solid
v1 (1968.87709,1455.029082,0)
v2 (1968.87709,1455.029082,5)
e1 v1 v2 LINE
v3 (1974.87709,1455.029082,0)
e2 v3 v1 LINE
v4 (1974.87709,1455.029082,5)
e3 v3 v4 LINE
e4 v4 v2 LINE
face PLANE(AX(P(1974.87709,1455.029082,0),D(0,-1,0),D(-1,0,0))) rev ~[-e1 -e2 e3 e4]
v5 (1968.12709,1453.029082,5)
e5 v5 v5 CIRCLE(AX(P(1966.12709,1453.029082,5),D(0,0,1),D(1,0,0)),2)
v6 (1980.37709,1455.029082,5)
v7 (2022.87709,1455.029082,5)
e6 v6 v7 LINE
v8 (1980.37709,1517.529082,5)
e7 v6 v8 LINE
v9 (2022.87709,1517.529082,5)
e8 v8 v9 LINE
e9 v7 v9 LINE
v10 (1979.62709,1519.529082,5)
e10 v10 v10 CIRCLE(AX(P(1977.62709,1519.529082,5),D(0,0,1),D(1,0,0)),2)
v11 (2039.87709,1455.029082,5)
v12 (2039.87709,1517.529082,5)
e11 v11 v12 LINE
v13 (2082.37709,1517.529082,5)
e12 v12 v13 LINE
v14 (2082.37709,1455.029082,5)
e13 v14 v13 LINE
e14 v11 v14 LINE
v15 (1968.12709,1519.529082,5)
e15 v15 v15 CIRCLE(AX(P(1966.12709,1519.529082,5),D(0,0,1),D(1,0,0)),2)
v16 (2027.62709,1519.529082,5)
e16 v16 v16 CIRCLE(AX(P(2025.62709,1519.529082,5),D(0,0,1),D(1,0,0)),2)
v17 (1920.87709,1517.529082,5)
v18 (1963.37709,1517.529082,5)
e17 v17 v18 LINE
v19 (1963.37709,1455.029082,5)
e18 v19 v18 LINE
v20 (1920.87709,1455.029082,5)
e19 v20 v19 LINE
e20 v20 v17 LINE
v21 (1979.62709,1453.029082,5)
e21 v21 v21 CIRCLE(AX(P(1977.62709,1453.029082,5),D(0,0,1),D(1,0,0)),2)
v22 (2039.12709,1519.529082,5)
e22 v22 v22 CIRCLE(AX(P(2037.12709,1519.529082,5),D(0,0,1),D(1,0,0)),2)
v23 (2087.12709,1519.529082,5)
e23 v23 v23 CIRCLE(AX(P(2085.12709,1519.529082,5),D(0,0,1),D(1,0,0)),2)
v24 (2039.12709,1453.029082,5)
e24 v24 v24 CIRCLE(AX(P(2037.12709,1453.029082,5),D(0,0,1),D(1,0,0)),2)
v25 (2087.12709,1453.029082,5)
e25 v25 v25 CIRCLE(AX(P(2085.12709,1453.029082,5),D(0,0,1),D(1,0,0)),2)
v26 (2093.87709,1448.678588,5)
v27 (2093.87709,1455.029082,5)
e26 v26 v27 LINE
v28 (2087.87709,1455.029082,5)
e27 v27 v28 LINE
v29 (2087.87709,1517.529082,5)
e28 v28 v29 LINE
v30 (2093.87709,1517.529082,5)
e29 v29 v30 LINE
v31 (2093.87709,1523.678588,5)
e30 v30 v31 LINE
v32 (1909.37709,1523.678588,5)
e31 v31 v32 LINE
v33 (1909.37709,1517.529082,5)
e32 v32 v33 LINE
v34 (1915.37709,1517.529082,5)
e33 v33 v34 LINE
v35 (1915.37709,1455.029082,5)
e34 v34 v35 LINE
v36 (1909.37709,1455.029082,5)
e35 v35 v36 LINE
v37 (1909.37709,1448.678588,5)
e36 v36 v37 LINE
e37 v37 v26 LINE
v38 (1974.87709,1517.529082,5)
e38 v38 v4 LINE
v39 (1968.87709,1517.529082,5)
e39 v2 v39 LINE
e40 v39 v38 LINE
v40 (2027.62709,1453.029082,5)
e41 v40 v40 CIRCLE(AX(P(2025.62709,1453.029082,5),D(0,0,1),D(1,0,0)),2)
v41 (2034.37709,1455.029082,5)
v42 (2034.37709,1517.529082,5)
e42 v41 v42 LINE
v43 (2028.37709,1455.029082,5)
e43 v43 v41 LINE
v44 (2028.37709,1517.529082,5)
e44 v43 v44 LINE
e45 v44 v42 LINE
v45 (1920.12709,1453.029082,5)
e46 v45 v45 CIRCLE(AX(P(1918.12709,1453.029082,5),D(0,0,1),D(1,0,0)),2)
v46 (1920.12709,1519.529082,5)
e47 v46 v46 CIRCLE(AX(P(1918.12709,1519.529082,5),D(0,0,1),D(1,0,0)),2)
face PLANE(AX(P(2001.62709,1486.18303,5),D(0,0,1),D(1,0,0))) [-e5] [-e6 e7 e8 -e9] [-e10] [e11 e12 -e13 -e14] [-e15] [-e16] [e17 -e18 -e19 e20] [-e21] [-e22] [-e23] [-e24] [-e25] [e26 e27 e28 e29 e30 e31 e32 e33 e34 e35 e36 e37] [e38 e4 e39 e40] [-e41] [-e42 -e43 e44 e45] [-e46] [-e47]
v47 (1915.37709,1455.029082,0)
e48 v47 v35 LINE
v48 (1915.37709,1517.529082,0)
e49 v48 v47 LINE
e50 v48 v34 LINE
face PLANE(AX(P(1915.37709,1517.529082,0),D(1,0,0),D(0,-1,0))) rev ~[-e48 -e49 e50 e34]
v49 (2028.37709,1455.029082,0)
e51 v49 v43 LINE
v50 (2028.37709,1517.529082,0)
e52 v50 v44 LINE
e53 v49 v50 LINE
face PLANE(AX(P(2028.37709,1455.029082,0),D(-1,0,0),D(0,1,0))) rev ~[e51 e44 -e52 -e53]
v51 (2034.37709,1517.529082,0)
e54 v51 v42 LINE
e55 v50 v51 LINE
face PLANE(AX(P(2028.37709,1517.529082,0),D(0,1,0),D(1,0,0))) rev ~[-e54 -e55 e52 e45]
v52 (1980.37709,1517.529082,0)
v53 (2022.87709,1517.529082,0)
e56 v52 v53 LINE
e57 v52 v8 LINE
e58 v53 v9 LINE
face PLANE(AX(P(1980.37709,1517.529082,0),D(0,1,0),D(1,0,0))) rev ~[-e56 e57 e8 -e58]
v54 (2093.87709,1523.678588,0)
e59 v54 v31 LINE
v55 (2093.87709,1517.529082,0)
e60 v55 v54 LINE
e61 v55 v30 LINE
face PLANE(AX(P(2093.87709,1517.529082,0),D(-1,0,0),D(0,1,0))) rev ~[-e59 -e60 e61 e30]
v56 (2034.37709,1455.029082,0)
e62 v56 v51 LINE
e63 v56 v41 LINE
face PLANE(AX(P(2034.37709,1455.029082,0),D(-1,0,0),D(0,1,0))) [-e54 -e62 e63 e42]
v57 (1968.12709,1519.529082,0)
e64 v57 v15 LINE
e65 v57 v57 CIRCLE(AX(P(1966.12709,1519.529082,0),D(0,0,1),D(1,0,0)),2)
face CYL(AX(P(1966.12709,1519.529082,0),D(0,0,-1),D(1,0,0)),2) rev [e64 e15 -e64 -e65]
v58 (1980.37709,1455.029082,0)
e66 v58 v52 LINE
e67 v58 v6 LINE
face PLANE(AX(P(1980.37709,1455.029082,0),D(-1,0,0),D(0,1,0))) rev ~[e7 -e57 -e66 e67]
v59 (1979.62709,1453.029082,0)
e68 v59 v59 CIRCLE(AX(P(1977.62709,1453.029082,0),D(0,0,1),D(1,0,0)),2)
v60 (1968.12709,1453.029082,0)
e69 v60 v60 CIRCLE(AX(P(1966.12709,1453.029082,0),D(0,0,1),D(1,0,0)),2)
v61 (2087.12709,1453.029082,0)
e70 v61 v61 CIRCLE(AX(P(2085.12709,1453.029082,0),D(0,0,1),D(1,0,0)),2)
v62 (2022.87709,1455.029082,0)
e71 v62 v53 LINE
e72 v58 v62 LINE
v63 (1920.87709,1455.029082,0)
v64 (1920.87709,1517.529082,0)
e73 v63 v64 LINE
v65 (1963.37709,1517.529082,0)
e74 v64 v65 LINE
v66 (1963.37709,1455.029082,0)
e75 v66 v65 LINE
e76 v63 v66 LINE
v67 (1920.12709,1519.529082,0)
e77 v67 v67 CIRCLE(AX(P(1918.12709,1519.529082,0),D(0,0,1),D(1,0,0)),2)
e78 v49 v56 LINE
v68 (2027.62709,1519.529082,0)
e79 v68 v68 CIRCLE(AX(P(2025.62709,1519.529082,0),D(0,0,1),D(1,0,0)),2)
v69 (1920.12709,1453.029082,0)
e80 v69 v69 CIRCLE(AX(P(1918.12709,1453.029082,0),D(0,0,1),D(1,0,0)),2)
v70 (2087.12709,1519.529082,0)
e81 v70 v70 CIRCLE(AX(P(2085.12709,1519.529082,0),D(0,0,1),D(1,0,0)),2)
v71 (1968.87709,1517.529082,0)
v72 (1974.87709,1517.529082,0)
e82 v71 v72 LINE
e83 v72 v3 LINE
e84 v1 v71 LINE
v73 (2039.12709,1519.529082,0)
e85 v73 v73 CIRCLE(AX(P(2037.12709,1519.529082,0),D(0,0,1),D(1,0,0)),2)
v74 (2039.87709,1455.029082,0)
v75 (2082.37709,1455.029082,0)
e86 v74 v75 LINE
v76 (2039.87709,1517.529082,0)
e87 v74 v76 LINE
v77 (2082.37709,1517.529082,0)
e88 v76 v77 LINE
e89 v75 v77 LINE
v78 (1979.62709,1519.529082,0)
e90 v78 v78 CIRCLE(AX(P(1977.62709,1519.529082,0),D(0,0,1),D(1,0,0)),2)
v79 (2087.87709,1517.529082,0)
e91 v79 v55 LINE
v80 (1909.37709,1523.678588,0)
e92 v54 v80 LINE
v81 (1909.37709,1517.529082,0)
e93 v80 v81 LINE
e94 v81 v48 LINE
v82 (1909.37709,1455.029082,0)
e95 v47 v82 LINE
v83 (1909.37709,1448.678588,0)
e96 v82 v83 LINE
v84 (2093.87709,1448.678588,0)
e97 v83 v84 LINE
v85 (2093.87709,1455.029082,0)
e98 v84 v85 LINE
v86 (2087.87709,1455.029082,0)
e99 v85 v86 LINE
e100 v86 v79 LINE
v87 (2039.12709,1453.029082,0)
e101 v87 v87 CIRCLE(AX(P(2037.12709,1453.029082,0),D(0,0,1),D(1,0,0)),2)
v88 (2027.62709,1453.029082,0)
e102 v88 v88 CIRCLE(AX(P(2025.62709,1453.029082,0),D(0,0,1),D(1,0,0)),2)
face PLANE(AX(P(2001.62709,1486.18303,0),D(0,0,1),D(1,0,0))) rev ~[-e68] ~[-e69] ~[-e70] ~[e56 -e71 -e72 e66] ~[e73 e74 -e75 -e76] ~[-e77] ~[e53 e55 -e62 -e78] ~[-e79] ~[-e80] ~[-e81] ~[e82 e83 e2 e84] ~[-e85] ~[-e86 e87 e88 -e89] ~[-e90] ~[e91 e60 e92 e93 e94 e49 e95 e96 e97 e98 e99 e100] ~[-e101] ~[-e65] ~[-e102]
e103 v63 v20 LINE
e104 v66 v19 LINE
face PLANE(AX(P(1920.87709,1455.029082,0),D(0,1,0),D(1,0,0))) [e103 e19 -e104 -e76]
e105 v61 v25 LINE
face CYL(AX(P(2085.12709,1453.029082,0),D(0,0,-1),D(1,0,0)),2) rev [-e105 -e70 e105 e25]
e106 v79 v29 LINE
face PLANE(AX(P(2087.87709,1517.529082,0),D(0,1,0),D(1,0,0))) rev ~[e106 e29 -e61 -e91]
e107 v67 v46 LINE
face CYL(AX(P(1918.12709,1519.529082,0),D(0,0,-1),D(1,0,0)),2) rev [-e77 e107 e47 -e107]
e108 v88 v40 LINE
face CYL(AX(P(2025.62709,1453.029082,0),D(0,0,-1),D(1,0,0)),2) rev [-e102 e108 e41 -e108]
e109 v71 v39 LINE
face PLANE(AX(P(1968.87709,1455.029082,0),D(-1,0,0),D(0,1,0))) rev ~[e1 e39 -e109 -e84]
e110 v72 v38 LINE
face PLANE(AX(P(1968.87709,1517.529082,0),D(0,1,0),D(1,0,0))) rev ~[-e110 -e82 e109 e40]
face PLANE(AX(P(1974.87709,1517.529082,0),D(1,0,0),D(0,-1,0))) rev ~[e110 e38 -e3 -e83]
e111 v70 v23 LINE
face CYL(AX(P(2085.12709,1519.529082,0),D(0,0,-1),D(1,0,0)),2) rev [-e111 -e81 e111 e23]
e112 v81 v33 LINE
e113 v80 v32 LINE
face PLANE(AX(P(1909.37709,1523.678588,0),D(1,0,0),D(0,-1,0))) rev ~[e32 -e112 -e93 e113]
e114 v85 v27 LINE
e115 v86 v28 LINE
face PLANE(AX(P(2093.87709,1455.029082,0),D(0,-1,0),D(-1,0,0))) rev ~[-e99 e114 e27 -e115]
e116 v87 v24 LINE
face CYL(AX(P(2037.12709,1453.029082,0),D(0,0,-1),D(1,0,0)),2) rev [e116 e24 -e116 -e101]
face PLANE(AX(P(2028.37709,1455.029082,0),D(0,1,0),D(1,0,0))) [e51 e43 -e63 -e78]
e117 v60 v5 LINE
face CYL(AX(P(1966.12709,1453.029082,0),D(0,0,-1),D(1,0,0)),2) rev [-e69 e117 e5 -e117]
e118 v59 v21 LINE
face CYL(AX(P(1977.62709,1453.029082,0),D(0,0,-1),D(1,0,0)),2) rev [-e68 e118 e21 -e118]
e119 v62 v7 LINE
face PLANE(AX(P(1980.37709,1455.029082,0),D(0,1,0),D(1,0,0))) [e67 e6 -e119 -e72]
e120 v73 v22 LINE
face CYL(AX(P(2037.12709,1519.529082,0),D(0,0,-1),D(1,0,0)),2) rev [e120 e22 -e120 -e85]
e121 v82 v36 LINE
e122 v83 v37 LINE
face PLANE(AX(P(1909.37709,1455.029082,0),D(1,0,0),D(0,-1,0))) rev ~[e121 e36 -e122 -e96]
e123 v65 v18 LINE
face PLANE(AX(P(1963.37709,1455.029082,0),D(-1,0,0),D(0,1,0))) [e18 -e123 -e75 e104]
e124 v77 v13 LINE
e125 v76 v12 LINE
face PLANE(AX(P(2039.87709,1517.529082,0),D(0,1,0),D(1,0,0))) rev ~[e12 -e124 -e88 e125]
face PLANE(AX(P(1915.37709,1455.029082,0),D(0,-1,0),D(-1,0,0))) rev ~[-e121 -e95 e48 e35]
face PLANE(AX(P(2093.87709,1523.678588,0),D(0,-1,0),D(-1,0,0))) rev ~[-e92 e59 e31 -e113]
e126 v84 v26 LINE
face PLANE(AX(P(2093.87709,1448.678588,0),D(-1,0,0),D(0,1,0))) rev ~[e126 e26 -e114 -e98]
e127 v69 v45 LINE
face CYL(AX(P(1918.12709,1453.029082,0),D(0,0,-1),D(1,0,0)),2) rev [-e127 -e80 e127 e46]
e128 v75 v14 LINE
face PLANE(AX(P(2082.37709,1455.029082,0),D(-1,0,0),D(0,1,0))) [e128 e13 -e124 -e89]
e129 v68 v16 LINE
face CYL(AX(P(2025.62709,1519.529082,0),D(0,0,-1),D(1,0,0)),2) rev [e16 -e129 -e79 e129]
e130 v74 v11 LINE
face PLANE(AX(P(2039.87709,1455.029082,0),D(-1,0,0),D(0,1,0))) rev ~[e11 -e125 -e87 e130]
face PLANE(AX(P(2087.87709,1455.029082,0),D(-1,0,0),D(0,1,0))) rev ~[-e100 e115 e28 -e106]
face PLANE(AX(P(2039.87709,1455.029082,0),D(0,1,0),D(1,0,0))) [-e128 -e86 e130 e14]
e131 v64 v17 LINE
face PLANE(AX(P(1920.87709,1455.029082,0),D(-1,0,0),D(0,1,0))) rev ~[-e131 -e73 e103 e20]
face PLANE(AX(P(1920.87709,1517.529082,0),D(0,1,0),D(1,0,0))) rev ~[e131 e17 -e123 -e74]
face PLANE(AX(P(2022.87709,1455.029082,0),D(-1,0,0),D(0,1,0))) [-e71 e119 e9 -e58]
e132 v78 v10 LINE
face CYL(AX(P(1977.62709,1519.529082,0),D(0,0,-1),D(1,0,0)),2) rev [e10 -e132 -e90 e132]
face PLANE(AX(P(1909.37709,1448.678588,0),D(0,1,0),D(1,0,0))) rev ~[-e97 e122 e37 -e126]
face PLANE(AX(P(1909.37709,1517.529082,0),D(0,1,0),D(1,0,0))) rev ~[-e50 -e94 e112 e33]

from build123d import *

# Parameters (mm, degrees)
SKETCH_1_R      = 2
SKETCH_1_W      = 42.5
SKETCH_1_H      = 62.5
SKETCH_1_W_2    = 6
EXTRUDE_1_DEPTH = 5


with BuildPart() as part:
    # 草图1 → 凸台-拉伸1 (new body)
    with BuildSketch(Plane.XY):
        Polygon((1909.377089995, 1448.678588443), (2093.877089995, 1448.678588443), (2093.877089995, 1455.029082267), (2087.877089995, 1455.029082267), (2087.877089995, 1517.529082267), (2093.877089995, 1517.529082267), (2093.877089995, 1523.678588443), (1909.377089995, 1523.678588443), (1909.377089995, 1517.529082267), (1915.377089995, 1517.529082267), (1915.377089995, 1455.029082267), (1909.377089995, 1455.029082267), align=None)
        with Locations((1918.127089995, 1453.029082267)):
            Circle(SKETCH_1_R, mode=Mode.SUBTRACT)
        with Locations((1966.127089995, 1453.029082267)):
            Circle(SKETCH_1_R, mode=Mode.SUBTRACT)
        with Locations((1977.627089995, 1453.029082267)):
            Circle(SKETCH_1_R, mode=Mode.SUBTRACT)
        with Locations((2025.627089995, 1453.029082267)):
            Circle(SKETCH_1_R, mode=Mode.SUBTRACT)
        with Locations((2037.127089995, 1453.029082267)):
            Circle(SKETCH_1_R, mode=Mode.SUBTRACT)
        with Locations((2085.127089995, 1453.029082267)):
            Circle(SKETCH_1_R, mode=Mode.SUBTRACT)
        with Locations((1942.127089995, 1486.279082267)):
            Rectangle(SKETCH_1_W, SKETCH_1_H, mode=Mode.SUBTRACT)
        Polygon((1968.877089995, 1455.029082267), (1968.877089995, 1486.279082267), (1968.877089995, 1517.529082267), (1974.877089995, 1517.529082267), (1974.877089995, 1455.029082267), align=None, mode=Mode.SUBTRACT)
        with Locations((1918.127089995, 1519.529082267)):
            Circle(SKETCH_1_R, mode=Mode.SUBTRACT)
        with Locations((1966.127089995, 1519.529082267)):
            Circle(SKETCH_1_R, mode=Mode.SUBTRACT)
        with Locations((1977.627089995, 1519.529082267)):
            Circle(SKETCH_1_R, mode=Mode.SUBTRACT)
        with Locations((2001.627089995, 1486.279082267)):
            Rectangle(SKETCH_1_W, SKETCH_1_H, mode=Mode.SUBTRACT)
        with Locations((2031.377089995, 1486.279082267)):
            Rectangle(SKETCH_1_W_2, SKETCH_1_H, mode=Mode.SUBTRACT)
        with Locations((2061.127089995, 1486.279082267)):
            Rectangle(SKETCH_1_W, SKETCH_1_H, mode=Mode.SUBTRACT)
        with Locations((2025.627089995, 1519.529082267)):
            Circle(SKETCH_1_R, mode=Mode.SUBTRACT)
        with Locations((2037.127089995, 1519.529082267)):
            Circle(SKETCH_1_R, mode=Mode.SUBTRACT)
        with Locations((2085.127089995, 1519.529082267)):
            Circle(SKETCH_1_R, mode=Mode.SUBTRACT)
    extrude(amount=EXTRUDE_1_DEPTH)


solid = part.part
